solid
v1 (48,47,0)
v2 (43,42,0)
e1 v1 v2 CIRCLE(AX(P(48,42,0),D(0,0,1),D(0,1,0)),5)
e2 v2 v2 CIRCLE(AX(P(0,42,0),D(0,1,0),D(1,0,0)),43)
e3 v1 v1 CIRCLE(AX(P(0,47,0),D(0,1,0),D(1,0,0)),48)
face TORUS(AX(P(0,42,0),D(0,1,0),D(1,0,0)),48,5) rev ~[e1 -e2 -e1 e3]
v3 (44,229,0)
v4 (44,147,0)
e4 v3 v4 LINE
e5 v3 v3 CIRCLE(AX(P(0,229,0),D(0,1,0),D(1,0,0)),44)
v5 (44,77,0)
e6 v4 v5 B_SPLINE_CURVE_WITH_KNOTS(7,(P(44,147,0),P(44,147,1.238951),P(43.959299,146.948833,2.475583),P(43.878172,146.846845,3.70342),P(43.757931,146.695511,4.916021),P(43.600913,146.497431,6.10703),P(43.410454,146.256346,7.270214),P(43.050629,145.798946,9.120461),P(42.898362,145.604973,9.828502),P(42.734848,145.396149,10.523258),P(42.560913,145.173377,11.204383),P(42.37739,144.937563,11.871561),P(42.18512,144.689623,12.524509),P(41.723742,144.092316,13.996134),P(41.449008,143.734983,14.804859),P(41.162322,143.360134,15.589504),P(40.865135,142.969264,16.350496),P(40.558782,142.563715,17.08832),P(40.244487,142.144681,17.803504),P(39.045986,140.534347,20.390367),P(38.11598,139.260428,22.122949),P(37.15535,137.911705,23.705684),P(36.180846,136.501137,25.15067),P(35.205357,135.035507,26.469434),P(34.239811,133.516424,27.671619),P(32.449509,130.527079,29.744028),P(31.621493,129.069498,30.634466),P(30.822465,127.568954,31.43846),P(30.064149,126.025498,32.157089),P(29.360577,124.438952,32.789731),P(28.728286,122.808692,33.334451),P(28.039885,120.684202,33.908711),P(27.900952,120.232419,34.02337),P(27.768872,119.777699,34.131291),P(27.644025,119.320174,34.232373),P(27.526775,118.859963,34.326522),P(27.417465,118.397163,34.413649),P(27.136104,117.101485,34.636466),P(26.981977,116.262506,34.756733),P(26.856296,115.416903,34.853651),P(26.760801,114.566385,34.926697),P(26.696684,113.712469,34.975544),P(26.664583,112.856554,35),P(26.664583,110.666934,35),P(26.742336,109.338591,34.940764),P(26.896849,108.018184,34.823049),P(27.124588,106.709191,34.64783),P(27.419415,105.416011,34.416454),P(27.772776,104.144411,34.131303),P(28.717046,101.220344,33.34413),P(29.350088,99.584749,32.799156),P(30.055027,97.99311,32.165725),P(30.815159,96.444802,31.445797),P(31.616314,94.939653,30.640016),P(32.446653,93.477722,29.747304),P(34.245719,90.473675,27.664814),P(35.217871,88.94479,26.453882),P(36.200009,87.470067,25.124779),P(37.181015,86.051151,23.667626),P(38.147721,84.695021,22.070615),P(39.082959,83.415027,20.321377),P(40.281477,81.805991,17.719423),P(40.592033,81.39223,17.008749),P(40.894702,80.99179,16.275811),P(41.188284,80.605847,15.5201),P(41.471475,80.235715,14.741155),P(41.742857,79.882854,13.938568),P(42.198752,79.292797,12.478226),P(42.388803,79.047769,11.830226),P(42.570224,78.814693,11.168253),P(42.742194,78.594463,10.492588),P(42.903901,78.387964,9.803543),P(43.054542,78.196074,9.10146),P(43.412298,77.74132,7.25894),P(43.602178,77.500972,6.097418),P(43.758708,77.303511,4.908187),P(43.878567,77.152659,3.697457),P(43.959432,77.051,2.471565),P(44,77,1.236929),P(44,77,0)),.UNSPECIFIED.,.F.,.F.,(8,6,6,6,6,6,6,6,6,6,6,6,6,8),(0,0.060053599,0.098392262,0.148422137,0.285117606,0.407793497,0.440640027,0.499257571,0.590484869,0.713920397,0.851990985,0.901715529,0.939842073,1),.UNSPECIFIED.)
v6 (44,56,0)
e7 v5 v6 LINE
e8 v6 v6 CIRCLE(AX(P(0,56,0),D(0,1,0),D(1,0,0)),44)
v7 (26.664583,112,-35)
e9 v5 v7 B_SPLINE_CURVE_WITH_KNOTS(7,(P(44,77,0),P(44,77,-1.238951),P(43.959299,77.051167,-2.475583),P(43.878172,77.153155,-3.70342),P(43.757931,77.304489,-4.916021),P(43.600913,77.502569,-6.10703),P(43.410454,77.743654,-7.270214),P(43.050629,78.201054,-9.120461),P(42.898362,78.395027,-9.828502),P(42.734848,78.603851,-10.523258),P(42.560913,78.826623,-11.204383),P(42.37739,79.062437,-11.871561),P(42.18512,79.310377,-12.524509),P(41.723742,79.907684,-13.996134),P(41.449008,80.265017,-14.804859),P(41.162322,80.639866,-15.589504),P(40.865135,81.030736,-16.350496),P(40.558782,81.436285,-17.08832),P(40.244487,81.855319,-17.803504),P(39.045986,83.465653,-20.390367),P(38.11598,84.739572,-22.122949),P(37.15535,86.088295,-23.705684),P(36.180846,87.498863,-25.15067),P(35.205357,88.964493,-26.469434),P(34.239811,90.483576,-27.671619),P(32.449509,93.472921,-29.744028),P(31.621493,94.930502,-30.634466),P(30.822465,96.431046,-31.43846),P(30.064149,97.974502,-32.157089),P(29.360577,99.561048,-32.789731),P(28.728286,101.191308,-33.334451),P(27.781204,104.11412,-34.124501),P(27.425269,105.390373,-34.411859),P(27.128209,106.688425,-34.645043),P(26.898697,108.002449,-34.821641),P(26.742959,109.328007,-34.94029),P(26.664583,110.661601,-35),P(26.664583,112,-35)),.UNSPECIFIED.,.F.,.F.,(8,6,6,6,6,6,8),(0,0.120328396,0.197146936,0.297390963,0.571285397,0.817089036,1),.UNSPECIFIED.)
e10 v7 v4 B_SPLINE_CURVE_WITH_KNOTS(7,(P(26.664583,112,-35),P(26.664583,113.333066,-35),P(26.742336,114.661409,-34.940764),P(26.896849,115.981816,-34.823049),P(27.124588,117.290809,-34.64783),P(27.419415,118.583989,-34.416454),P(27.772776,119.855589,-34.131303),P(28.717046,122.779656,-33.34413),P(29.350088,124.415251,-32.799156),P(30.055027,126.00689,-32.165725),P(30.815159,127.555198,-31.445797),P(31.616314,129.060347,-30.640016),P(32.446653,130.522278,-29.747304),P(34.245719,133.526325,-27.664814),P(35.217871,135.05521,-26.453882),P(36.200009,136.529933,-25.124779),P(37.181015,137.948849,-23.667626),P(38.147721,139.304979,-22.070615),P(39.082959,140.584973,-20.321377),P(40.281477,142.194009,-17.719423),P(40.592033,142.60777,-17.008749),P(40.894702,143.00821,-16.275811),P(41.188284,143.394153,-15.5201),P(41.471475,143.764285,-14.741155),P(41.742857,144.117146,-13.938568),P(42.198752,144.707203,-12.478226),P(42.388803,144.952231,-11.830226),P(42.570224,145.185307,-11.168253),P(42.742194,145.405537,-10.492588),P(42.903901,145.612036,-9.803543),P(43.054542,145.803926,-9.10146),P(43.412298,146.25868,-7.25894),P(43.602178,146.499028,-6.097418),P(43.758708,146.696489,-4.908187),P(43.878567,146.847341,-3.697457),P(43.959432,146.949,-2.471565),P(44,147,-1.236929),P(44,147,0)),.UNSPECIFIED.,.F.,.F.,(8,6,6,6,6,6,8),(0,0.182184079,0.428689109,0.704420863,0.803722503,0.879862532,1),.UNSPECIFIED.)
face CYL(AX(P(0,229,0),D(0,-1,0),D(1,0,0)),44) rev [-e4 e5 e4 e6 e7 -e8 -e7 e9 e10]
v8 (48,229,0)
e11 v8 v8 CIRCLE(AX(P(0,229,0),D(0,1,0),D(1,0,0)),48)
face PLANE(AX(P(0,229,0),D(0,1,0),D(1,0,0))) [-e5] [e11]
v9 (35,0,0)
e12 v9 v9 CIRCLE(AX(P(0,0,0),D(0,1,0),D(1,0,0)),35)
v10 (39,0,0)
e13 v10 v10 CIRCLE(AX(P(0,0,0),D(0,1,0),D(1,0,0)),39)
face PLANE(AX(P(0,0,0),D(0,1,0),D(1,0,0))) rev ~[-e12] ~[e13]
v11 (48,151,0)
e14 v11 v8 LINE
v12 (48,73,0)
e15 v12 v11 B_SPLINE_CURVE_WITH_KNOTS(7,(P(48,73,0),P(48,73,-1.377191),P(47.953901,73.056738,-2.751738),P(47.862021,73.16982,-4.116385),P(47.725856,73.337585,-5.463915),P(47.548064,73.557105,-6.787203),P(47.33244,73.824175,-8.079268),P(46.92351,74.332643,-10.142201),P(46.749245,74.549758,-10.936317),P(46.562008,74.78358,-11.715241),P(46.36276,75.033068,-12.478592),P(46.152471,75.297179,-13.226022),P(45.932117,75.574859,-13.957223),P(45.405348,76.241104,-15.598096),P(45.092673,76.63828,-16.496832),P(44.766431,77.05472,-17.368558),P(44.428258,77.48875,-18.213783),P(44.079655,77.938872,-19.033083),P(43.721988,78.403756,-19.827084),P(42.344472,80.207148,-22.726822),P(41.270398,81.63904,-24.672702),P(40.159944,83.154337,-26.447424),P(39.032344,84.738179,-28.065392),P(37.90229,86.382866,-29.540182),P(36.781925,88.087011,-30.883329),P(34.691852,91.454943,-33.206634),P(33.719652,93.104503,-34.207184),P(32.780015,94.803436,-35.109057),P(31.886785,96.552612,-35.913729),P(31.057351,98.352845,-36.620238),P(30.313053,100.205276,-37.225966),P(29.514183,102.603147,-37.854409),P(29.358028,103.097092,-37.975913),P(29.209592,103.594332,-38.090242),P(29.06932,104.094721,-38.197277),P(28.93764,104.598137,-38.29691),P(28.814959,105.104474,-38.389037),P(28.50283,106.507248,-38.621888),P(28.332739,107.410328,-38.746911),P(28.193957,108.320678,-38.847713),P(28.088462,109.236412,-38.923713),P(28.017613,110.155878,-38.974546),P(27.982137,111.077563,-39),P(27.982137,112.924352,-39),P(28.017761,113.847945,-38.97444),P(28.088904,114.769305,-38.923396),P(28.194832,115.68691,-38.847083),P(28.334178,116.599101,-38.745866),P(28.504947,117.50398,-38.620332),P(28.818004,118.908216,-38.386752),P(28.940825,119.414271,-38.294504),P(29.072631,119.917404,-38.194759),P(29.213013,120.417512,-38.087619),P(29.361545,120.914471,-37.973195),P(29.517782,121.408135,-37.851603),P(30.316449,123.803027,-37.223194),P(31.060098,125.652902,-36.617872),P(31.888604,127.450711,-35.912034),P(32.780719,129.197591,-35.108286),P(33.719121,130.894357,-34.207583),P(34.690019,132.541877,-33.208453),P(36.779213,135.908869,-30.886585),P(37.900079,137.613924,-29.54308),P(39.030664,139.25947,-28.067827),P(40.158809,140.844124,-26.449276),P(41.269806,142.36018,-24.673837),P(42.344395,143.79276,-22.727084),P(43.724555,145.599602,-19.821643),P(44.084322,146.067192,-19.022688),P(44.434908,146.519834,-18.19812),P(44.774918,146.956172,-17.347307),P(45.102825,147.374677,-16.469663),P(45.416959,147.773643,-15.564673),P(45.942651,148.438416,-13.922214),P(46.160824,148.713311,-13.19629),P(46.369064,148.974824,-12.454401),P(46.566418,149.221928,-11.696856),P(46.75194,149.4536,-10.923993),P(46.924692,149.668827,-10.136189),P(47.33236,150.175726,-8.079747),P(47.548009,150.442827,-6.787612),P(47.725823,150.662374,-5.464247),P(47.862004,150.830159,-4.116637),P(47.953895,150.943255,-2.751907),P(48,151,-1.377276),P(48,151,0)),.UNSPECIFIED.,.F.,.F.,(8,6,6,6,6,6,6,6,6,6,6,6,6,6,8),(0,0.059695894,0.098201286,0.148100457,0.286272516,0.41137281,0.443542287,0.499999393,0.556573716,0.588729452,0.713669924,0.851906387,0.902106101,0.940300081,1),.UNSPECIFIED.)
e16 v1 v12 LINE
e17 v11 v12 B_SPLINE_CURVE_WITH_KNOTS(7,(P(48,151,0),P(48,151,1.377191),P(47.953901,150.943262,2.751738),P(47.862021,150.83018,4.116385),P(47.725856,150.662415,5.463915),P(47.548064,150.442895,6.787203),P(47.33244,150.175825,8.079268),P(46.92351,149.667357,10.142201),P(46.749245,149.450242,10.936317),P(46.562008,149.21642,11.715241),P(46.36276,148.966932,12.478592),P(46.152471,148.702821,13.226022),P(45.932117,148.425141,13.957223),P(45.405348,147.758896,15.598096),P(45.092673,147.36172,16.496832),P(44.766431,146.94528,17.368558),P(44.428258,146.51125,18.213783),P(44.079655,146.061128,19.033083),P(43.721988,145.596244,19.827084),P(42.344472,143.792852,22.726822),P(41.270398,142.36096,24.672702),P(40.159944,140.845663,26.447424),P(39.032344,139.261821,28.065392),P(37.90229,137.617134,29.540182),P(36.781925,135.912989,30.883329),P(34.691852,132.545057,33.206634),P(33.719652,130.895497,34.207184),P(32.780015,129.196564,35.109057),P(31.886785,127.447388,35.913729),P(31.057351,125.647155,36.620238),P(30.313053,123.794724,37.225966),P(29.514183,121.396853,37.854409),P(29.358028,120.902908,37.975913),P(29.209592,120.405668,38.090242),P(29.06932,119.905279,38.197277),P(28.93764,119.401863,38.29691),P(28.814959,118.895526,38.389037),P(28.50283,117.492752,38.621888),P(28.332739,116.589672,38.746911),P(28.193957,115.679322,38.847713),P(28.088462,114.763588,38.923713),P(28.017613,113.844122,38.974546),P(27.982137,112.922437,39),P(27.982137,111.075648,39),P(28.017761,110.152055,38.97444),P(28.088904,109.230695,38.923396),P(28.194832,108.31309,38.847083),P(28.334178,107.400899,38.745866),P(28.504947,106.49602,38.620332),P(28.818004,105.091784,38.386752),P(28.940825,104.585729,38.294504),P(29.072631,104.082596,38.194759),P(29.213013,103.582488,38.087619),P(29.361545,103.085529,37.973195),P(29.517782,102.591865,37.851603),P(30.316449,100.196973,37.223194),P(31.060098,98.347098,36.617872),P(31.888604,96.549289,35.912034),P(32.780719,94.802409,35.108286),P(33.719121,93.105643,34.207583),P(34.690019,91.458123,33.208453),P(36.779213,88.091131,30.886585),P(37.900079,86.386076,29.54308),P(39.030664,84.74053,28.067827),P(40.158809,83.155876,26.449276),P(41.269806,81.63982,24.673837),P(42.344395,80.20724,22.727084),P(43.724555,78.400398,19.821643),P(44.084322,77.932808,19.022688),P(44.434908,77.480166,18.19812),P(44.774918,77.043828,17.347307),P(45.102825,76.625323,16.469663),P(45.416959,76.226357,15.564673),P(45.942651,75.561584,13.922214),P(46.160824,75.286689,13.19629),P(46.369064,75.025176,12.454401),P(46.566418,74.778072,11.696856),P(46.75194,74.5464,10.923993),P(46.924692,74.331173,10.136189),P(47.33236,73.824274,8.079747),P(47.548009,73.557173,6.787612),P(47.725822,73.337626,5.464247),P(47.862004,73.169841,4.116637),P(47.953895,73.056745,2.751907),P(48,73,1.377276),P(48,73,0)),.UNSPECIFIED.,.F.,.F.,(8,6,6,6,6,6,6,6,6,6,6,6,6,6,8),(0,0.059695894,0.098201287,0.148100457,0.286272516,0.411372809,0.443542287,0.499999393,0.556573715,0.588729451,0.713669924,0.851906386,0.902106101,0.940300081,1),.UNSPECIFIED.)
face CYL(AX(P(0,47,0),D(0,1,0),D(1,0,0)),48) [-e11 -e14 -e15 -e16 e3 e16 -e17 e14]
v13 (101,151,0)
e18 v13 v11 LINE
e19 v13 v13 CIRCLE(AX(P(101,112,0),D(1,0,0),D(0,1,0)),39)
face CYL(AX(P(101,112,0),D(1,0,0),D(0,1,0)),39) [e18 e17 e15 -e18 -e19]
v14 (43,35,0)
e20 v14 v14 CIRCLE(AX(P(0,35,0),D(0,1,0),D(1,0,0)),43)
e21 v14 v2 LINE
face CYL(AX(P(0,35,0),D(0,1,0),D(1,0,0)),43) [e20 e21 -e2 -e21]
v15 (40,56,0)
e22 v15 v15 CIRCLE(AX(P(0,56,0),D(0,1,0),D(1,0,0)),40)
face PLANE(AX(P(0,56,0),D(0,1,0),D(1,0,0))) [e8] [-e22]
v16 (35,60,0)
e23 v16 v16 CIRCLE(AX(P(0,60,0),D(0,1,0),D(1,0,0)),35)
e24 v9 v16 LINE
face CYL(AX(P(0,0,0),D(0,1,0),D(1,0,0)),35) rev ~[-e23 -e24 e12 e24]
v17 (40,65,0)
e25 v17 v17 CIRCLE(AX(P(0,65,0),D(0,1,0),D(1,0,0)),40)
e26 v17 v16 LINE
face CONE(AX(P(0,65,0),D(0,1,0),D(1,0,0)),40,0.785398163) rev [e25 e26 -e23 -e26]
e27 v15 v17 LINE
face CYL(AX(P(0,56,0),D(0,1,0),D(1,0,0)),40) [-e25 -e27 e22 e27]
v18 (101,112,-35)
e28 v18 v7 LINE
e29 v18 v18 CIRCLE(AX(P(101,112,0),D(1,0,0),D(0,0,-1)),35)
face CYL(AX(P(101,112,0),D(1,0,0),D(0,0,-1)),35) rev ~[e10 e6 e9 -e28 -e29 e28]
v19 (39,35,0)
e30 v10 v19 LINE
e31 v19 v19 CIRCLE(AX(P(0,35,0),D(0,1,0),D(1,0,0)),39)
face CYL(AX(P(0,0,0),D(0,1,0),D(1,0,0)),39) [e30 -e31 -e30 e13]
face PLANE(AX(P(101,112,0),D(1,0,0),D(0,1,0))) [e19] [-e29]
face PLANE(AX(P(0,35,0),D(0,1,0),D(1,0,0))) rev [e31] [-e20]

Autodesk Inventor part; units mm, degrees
ref_plane "XZ Plane" through (0, 0, 0) normal (0, 1, 0) x (-1, 0, 0)
ref_plane "XY Plane" through (0, 0, 0) normal (0, 0, 1) x (1, 0, 0)
sketch "Boceto1" plane through (0, 0, 0) normal (0, 0, 1) x (1, 0, 0)
  line L0 (0, 0) -> (39, 0) construction
  line L1 (39, 0) -> (39, 35)
  line L2 (39, 35) -> (43, 35)
  line L3 (43, 35) -> (43, 42)
  arc A0 (48, 47) -> (43, 42) centre (48, 42) ccw
  line L4 (48, 47) -> (48, 229)
  line L5 (0, 0) -> (0, 229) construction
  line L6 (48, 229) -> (44, 229)
  line L7 (0, 112) -> (48, 112) construction
  line L8 (48, 112) -> (48, 77) construction
  line L9 (48, 77) -> (48, 56) construction
  line L10 (44, 229) -> (44, 56)
  line L11 (44, 56) -> (40, 56)
  line L12 (40, 56) -> (40, 65)
  line L13 (40, 65) -> (35, 60)
  line L14 (39, 0) -> (35, 0)
  line L15 (35, 0) -> (35, 60)
  dimension "d0" = 39
  dimension "d1" = 35
  dimension "d2" = 4
  dimension "d7" = 5
  dimension "d9" = 229
  dimension "d10" = 12
  dimension "d11" = 5
  dimension "d12" = 182
  dimension "d13" = 4
  dimension "d14" = 117
  dimension "d15" = 35
  dimension "d16" = 21
  dimension "d17" = 4
  dimension "d18" = 9
  dimension "d19" = 45
  dimension "d20" = 4
  dimension "d21" = 173
revolve "Revolución1" add sketch "Boceto1" angle 360 about axis through (0, 0, 0) along (0, 1, 0)
sketch "Boceto2" plane through (0, 0, 0) normal (0, 0, 1) x (1, 0, 0)
  line L0 (48, 229) -> (-48, 229) projected
  line L1 (48, 47) -> (-48, 47) projected
  line L2 (39, 35) -> (-39, 35) projected
  line L3 (39, 0) -> (-39, 0) projected
  line L4 (0, 0) -> (0, 112) construction
  line L5 (0, 112) -> (101, 112) construction
  dimension "d23" = 112
  dimension "d24" = 101
ref_plane "Plano de trabajo1" through (101, 112, 0) normal (1, 0, 0) x (0, 1, 0)
sketch "Boceto3" plane through (101, 112, 0) normal (1, 0, 0) x (0, 1, 0)
  circle A0 centre (0, 0) radius 39
  point P0 (-112, 0)
  dimension "d25" = 78
  dimension "d26" = 112
extrude "Extrusión1" add sketch "Boceto3" against normal up to surface
sketch "Boceto4" plane through (101, 112, 0) normal (1, 0, 0) x (0, 0, -1)
  circle A0 centre (0, 0) radius 35
  circle A1 centre (0, 0) radius 39 projected
  point P0 (0, -112)
  dimension "d29" = 70
  dimension "d30" = 4
extrude "Extrusión2" cut sketch "Boceto4" against normal up to surface contours A0
properties part number "7_Cuerpo"
